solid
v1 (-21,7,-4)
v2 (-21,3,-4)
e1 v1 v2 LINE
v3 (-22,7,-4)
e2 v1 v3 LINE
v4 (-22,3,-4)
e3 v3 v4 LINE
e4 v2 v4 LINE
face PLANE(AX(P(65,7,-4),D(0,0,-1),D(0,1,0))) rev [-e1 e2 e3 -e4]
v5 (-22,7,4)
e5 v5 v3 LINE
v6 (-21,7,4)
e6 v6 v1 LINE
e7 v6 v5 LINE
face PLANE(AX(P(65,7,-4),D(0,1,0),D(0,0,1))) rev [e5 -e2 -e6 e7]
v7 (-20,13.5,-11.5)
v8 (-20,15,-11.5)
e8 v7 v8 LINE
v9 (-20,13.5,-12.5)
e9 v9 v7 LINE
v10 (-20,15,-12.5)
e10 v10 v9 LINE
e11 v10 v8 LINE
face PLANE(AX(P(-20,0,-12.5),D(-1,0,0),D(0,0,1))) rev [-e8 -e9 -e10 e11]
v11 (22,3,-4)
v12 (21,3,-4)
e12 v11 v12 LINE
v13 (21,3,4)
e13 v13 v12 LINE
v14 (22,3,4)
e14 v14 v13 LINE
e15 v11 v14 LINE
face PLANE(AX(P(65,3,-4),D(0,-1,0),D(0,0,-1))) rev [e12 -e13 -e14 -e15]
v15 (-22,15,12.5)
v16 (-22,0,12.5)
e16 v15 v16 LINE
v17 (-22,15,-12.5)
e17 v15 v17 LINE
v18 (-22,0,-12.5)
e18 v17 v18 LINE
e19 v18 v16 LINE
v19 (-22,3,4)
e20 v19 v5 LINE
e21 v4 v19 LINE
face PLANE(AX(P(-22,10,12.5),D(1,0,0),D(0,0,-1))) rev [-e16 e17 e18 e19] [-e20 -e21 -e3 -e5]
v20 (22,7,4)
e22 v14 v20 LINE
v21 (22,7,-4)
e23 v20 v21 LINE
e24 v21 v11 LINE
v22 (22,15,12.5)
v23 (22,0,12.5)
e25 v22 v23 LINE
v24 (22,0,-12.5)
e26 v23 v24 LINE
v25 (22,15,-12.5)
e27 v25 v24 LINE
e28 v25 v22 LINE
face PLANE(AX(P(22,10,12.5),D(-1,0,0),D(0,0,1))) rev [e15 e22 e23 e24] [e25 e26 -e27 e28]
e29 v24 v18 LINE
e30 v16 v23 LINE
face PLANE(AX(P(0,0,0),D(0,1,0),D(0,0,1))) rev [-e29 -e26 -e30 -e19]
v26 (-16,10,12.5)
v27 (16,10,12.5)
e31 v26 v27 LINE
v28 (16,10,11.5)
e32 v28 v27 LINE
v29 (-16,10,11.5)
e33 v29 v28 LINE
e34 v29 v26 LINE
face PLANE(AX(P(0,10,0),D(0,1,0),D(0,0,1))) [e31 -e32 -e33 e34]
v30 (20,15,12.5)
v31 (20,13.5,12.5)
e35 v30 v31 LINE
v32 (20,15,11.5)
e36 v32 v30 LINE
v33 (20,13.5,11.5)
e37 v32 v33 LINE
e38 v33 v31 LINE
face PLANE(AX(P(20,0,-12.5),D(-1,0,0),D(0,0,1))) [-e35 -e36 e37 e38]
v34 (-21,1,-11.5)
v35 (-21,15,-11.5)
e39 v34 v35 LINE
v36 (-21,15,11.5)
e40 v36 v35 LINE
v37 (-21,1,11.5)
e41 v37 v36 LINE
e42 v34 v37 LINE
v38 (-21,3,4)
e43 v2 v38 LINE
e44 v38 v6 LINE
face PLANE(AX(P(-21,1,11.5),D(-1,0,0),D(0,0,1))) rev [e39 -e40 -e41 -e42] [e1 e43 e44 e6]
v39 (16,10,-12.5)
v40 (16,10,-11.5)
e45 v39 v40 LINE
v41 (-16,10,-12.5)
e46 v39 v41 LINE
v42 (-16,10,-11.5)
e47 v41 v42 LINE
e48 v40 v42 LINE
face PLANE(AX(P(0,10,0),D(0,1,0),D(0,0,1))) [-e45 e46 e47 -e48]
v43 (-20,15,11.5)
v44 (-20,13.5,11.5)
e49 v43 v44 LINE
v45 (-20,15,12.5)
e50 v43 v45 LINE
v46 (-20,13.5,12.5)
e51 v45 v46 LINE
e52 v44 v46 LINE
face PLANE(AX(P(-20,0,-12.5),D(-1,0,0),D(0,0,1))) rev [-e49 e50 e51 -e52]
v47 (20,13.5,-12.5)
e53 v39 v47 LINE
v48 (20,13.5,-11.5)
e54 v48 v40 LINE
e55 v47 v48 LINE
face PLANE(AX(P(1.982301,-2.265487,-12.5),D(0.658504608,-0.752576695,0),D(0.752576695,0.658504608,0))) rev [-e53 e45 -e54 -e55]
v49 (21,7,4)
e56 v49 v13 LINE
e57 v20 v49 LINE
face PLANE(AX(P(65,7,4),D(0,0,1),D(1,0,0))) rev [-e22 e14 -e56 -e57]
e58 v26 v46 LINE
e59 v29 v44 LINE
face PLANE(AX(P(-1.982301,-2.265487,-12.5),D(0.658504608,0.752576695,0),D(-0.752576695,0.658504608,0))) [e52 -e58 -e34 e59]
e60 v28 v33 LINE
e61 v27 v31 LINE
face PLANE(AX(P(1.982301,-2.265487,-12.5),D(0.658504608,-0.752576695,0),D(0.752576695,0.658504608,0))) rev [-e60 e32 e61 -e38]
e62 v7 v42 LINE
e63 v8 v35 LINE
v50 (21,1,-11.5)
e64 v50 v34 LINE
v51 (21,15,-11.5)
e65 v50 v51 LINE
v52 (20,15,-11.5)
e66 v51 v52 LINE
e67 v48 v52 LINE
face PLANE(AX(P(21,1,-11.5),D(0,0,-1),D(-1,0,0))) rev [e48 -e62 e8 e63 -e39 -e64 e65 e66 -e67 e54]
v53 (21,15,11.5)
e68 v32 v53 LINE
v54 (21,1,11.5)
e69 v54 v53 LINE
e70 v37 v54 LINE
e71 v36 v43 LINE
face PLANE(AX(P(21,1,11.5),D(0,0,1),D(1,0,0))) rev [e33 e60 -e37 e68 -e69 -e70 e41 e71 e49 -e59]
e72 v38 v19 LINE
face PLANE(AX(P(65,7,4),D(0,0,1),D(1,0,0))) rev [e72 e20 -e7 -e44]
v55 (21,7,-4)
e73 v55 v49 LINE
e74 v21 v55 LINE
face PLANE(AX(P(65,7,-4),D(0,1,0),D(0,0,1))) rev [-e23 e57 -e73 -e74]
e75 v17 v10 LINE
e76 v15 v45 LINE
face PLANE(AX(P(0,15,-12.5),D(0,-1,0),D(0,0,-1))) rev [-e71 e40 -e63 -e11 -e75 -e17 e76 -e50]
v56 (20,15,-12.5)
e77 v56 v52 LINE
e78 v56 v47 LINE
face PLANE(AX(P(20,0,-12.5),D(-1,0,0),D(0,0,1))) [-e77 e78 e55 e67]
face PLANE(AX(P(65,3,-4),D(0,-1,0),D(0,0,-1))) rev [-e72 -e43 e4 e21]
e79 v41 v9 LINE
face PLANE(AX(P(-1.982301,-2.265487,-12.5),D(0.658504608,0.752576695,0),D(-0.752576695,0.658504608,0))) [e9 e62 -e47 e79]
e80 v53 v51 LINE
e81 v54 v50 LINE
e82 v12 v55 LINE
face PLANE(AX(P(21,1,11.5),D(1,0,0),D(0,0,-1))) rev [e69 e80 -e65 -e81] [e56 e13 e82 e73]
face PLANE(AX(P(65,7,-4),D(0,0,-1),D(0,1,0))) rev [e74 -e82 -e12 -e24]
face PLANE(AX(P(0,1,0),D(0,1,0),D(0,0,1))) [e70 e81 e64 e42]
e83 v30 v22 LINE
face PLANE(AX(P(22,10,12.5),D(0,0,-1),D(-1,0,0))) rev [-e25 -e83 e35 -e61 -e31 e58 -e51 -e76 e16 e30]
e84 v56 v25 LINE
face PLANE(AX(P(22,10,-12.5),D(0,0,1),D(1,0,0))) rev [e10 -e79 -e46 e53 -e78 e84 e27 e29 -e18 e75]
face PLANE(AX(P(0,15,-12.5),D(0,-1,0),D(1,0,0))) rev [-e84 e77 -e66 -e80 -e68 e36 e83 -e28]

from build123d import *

# Parameters (mm, degrees)
CROQUIS1_W              = 44
CROQUIS1_H              = 25
SALIENTE_EXTRUIR2_DEPTH = 10
CROQUIS2_W              = 42
CROQUIS2_H              = 23
CORTAR_EXTRUIR1_DEPTH   = 9
SALIENTE_EXTRUIR3_DEPTH = 25
CROQUIS4_W              = 42
CROQUIS4_H              = 23
CORTAR_EXTRUIR2_DEPTH   = 28
CROQUIS5_W              = 1
CROQUIS5_H              = 23
CORTAR_EXTRUIR10_DEPTH  = 5
CROQUIS6_W              = 29.89343235
CROQUIS6_H              = 11.447342814
CORTAR_EXTRUIR11_DEPTH  = 1
CROQUIS7_W              = 31.003837105
CROQUIS7_H              = 9.868746677
CORTAR_EXTRUIR12_DEPTH  = 1
CROQUIS8_W              = 1
CROQUIS8_H              = 23
SALIENTE_EXTRUIR4_DEPTH = 5
CROQUIS9_W              = 8
CROQUIS9_H              = 4
CORTAR_EXTRUIR17_DEPTH  = 87


with BuildPart() as part:
    # Croquis1 → Saliente-Extruir2 (new body)
    with BuildSketch(Plane(origin=(0, 0, 0), x_dir=(1, 0, 0), z_dir=(0, 1, 0))):
        Rectangle(CROQUIS1_W, CROQUIS1_H)
    extrude(amount=SALIENTE_EXTRUIR2_DEPTH)

    # Croquis2 → Cortar-Extruir1 (cut)
    with BuildSketch(Plane(origin=(0, 10, 0), x_dir=(1, 0, 0), z_dir=(0, 1, 0))):
        Rectangle(CROQUIS2_W, CROQUIS2_H)
    extrude(amount=-CORTAR_EXTRUIR1_DEPTH, mode=Mode.SUBTRACT)

    # Croquis3 → Saliente-Extruir3 (add)
    with BuildSketch(Plane.XY.offset(12.5)):
        Polygon((-22, 8), (-22, 10), (-16, 10), (-20, 13.5), (-20, 15), (-23, 15), (-23, 8), align=None)
        Polygon((20, 13.5), (16, 10), (22, 10), (22, 8), (23, 8), (23, 15), (20, 15), align=None)
    extrude(amount=-SALIENTE_EXTRUIR3_DEPTH)

    # Croquis4 → Cortar-Extruir2 (cut)
    with BuildSketch(Plane(origin=(0, 1, 0), x_dir=(1, 0, 0), z_dir=(0, 1, 0))):
        Rectangle(CROQUIS4_W, CROQUIS4_H)
    extrude(amount=CORTAR_EXTRUIR2_DEPTH, mode=Mode.SUBTRACT)

    # Croquis5 → Cortar-Extruir10 (cut)
    with BuildSketch(Plane(origin=(0, 15, 0), x_dir=(1, 0, 0), z_dir=(0, 1, 0))):
        with Locations((-21.5, 0)):
            Rectangle(CROQUIS5_W, CROQUIS5_H)
        with Locations((21.5, 0)):
            Rectangle(CROQUIS5_W, CROQUIS5_H)
    extrude(amount=-CORTAR_EXTRUIR10_DEPTH, mode=Mode.SUBTRACT)

    # Croquis6 → Cortar-Extruir11 (cut)
    with BuildSketch(Plane(origin=(23, 0, 0), x_dir=(0, 0, -1), z_dir=(1, 0, 0))):
        with Locations((-0.524699003, 11.114026003)):
            Rectangle(CROQUIS6_W, CROQUIS6_H)
    extrude(amount=-CORTAR_EXTRUIR11_DEPTH, mode=Mode.SUBTRACT)

    # Croquis7 → Cortar-Extruir12 (cut)
    with BuildSketch(Plane.ZY.offset(23)):
        with Locations((-0.729719636, 12.255463236)):
            Rectangle(CROQUIS7_W, CROQUIS7_H)
    extrude(amount=-CORTAR_EXTRUIR12_DEPTH, mode=Mode.SUBTRACT)

    # Croquis8 → Saliente-Extruir4 (add)
    with BuildSketch(Plane(origin=(0, 10, 0), x_dir=(1, 0, 0), z_dir=(0, 1, 0))):
        with Locations((-21.5, 0)):
            Rectangle(CROQUIS8_W, CROQUIS8_H)
        with Locations((21.5, 0)):
            Rectangle(CROQUIS8_W, CROQUIS8_H)
    extrude(amount=SALIENTE_EXTRUIR4_DEPTH)

    # Croquis9 → Cortar-Extruir17 (cut)
    with BuildSketch(Plane.ZY.offset(22)):
        with Locations((0, 5)):
            Rectangle(CROQUIS9_W, CROQUIS9_H)
    extrude(amount=-CORTAR_EXTRUIR17_DEPTH, mode=Mode.SUBTRACT)


solid = part.part
